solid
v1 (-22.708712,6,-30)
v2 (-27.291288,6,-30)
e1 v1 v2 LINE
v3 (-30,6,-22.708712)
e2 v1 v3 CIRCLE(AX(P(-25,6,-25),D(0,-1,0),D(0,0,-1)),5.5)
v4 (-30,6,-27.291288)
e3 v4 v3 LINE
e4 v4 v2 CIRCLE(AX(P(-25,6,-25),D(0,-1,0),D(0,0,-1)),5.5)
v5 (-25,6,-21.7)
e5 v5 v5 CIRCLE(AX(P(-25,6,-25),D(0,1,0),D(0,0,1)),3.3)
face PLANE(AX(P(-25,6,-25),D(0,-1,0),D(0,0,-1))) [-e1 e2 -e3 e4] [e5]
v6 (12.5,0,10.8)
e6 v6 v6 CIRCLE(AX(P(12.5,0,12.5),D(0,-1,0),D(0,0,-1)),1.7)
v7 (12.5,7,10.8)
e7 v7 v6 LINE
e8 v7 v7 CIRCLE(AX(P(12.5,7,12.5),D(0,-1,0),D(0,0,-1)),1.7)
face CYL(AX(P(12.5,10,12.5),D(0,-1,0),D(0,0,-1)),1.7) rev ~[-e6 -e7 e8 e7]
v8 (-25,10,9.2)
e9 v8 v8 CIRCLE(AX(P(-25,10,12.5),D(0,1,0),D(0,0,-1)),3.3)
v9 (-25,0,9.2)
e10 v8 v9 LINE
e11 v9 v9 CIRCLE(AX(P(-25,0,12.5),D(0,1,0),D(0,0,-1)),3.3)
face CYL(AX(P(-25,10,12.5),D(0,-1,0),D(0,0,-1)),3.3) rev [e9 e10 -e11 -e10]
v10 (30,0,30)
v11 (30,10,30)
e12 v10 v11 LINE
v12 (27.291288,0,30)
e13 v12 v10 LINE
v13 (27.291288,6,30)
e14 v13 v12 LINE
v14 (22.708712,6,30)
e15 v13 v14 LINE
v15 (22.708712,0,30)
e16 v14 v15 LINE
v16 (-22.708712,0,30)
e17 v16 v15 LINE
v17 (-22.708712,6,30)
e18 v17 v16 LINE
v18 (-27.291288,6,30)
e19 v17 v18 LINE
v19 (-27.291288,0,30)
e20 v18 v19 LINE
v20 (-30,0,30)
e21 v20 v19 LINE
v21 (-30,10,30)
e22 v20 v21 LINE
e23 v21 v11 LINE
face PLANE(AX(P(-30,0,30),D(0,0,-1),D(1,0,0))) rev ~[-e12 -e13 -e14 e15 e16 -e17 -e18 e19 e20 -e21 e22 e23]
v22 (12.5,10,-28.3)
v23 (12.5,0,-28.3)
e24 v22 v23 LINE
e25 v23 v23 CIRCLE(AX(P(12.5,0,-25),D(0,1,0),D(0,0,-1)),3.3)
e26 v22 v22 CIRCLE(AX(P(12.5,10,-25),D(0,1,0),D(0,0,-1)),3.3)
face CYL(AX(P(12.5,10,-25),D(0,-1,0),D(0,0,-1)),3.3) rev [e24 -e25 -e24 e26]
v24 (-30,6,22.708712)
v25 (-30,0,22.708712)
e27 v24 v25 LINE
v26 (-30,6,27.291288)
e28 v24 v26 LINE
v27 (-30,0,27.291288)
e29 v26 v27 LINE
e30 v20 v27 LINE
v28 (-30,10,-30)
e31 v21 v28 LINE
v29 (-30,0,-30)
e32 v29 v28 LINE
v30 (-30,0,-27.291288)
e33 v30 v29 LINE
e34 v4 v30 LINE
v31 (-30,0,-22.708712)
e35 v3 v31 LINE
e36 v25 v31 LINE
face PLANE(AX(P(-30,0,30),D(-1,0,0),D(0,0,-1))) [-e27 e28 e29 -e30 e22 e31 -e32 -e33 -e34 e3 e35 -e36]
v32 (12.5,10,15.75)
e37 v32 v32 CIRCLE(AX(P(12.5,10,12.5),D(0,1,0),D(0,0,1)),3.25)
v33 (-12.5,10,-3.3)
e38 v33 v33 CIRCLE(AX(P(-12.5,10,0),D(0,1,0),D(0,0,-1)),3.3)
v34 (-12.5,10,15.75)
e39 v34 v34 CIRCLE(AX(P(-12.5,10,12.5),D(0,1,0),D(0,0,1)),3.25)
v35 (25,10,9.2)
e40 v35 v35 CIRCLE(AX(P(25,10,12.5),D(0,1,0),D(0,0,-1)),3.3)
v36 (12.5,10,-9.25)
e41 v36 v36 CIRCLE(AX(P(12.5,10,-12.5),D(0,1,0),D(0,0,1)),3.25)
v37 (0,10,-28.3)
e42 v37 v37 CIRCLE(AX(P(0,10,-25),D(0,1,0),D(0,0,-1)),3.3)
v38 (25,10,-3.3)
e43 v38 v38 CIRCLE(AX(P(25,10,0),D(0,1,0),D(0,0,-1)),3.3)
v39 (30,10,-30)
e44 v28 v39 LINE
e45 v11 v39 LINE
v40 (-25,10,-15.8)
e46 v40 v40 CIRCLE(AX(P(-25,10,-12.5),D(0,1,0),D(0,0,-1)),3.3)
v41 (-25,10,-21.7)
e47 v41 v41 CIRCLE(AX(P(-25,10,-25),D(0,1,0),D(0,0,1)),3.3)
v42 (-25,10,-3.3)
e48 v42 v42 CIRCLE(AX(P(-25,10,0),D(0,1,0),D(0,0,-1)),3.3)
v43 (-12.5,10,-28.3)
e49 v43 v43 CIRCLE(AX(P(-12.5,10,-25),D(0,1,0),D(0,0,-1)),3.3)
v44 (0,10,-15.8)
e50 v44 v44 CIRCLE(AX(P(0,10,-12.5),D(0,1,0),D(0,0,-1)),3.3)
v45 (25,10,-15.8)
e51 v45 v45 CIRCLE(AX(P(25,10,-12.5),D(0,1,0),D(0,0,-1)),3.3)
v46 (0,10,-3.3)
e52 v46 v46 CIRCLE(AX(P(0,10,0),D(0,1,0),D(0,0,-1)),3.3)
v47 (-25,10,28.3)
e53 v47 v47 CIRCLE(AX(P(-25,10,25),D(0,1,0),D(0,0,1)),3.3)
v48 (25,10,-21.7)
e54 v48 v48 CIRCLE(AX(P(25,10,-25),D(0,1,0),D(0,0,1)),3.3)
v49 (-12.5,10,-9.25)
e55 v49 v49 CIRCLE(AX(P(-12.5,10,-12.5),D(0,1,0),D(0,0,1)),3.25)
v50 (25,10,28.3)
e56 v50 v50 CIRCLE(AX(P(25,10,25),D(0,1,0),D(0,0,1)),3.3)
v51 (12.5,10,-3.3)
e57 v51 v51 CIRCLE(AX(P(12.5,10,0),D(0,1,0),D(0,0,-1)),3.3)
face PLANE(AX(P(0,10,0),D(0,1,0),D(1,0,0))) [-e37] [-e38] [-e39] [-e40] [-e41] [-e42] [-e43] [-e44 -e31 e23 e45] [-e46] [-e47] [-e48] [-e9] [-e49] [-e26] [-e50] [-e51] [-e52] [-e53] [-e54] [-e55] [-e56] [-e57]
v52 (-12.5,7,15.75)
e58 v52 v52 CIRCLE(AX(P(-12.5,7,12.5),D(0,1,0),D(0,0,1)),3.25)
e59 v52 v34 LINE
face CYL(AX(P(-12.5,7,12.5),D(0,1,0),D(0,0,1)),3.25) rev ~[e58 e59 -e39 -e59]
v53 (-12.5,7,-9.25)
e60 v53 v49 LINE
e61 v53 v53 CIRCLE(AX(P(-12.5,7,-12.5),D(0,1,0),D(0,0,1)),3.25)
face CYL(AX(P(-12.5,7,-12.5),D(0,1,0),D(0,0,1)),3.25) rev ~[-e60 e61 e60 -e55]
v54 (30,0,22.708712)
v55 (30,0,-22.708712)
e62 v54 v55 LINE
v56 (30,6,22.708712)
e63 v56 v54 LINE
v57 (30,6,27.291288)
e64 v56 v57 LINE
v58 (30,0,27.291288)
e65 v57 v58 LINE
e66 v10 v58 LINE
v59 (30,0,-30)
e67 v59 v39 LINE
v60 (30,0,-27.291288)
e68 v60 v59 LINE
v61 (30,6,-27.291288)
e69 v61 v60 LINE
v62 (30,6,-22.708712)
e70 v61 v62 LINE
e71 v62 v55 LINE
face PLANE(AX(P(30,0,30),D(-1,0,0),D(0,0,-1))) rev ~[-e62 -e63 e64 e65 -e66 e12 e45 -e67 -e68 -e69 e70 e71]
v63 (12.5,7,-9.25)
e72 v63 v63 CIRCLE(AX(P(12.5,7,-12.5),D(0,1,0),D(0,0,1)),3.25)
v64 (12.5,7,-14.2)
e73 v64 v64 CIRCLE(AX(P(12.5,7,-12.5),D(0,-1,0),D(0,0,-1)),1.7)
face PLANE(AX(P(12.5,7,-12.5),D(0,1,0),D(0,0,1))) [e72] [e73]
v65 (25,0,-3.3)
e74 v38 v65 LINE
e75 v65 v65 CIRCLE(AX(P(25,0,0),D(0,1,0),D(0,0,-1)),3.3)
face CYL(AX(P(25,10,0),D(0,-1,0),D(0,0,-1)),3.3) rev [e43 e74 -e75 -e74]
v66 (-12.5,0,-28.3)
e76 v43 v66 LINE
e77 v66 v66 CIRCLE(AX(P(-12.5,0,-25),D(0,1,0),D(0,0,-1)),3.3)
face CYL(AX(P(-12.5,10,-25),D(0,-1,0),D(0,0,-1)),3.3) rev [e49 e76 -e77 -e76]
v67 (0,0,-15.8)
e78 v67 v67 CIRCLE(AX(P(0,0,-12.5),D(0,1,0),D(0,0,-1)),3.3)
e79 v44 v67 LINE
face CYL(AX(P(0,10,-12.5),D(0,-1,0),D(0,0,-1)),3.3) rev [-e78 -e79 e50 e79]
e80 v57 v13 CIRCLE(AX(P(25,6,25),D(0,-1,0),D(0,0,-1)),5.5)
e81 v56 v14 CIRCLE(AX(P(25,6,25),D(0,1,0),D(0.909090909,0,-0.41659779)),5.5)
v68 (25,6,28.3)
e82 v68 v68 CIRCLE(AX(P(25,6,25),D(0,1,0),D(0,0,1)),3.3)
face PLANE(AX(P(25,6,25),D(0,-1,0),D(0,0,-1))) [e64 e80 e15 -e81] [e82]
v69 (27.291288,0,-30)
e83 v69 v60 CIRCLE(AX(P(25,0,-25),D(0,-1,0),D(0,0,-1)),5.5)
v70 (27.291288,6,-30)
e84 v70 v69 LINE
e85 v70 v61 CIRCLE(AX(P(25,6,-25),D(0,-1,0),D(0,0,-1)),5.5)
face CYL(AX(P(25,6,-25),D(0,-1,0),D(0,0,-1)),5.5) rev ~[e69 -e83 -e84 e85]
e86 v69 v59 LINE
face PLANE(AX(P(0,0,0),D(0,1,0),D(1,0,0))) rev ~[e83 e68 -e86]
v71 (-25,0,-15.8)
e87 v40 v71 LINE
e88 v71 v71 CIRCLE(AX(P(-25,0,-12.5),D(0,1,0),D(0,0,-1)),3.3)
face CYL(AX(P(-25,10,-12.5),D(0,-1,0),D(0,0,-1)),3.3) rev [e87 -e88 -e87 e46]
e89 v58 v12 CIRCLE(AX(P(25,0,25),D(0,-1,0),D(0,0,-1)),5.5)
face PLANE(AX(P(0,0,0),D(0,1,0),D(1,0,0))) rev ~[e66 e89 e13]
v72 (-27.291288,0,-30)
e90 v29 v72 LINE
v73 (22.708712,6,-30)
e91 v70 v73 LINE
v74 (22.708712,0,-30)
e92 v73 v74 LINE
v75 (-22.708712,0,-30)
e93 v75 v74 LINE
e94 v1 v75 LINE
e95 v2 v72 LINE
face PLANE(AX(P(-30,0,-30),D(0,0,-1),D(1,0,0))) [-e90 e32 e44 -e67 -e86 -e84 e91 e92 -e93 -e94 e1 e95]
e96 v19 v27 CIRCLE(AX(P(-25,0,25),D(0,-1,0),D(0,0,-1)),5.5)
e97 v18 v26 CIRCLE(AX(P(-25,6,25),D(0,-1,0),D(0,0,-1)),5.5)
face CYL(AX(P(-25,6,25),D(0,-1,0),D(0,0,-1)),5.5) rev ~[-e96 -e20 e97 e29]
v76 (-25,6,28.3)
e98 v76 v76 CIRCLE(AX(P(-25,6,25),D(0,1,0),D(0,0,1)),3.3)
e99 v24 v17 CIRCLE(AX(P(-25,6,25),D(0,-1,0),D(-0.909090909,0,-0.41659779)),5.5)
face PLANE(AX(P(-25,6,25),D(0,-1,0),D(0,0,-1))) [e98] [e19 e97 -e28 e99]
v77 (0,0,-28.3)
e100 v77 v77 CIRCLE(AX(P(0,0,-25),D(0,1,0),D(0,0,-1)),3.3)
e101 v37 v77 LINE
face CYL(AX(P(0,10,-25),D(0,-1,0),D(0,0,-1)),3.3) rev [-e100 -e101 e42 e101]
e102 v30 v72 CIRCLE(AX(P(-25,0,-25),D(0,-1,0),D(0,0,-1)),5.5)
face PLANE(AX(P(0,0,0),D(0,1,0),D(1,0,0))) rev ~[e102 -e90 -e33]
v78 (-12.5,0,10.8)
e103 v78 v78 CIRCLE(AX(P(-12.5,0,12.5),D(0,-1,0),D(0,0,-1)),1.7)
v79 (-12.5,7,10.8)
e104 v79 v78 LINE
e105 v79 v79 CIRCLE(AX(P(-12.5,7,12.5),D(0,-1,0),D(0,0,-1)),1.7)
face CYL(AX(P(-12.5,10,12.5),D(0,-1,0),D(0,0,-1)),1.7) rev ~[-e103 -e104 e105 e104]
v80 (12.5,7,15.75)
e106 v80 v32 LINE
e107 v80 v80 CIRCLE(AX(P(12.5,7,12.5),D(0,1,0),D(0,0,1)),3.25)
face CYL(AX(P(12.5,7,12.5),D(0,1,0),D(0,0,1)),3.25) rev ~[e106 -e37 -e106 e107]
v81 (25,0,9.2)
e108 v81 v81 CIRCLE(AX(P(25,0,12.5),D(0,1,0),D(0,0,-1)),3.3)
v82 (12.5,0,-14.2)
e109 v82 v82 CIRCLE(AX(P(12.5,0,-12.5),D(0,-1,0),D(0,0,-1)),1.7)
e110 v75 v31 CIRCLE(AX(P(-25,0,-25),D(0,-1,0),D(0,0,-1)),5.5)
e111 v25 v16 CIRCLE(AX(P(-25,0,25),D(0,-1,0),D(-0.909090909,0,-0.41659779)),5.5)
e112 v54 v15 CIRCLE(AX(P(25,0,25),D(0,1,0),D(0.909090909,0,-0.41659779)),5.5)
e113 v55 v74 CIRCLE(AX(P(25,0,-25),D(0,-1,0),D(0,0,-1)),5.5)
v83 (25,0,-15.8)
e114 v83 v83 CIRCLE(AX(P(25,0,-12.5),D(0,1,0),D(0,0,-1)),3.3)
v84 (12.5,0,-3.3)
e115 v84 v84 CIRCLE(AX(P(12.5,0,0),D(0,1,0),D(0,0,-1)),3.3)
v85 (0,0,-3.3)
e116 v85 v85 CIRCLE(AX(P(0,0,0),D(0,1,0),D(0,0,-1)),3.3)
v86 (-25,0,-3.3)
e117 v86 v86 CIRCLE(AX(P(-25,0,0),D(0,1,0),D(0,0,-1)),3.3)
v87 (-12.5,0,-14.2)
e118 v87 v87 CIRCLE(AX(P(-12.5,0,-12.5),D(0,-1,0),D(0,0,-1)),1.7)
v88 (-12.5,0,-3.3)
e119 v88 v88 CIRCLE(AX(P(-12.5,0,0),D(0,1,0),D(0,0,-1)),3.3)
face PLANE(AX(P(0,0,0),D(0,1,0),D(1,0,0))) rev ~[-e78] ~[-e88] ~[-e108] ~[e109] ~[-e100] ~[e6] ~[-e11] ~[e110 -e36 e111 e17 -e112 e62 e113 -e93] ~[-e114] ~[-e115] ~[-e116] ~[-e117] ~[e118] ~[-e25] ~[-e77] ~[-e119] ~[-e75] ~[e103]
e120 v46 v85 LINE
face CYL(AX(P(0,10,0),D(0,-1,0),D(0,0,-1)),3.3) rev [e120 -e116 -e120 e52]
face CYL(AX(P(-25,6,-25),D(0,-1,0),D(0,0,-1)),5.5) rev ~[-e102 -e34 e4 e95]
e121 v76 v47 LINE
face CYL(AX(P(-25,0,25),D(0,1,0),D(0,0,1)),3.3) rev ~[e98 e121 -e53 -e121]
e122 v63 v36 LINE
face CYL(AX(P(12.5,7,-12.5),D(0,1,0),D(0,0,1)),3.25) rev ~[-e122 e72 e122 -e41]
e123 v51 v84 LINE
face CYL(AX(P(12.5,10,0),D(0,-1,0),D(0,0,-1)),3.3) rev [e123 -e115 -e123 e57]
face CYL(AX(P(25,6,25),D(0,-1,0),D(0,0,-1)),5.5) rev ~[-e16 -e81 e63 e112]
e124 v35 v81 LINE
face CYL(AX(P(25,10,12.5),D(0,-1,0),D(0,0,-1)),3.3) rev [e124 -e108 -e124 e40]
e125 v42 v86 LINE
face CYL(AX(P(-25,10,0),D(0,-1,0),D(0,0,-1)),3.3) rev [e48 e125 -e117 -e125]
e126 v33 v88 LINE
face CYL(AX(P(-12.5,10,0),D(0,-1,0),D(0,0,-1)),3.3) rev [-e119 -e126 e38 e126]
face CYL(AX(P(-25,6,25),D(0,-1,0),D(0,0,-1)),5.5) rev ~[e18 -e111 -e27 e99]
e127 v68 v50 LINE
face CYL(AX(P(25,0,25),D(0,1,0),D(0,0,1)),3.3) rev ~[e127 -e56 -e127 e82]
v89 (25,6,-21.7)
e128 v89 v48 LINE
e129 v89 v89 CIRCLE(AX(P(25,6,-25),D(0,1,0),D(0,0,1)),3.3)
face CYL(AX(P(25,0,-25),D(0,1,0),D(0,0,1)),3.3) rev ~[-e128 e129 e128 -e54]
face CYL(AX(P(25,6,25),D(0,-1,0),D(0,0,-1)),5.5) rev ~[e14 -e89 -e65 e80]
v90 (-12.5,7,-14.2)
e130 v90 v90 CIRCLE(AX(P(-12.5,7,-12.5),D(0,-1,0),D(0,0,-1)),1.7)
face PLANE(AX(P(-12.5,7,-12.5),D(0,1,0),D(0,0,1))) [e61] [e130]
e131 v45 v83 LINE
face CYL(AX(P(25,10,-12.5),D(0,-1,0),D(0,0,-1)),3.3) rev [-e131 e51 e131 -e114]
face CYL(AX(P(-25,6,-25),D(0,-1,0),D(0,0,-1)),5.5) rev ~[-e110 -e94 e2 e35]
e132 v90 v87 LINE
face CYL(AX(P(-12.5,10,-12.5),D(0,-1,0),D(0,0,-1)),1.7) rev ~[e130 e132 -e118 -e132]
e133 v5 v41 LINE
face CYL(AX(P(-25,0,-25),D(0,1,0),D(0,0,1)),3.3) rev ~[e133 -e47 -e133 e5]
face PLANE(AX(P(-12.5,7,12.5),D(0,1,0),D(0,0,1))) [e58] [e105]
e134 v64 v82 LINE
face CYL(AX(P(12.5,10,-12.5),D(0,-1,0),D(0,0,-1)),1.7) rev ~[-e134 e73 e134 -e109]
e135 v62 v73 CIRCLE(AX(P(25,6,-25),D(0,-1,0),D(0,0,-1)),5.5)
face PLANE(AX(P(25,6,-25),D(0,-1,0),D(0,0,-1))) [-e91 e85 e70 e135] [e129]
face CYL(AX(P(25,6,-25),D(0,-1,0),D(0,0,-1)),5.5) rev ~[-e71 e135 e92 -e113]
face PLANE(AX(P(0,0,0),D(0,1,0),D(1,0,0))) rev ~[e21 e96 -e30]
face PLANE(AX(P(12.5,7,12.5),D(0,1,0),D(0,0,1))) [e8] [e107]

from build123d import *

# Parameters (mm, degrees)
SKETCH1_W                      = 60
SKETCH1_H                      = 60
EXTRUDE1_DEPTH                 = 10
CBORE_FOR_M3_SHCS1_D           = 3.4
CBORE_FOR_M3_SHCS1_CBORE_D     = 6.5
CBORE_FOR_M3_SHCS1_CBORE_DEPTH = 3
LPATTERN2_COUNT                = 2
LPATTERN2_PITCH                = 25
LPATTERN2_COUNT_DIR2           = 2
LPATTERN2_PITCH_DIR2           = 25
CBORE_FOR_M6_SHCS1_D           = 6.6
CBORE_FOR_M6_SHCS1_CBORE_D     = 11
CBORE_FOR_M6_SHCS1_CBORE_DEPTH = 6
LPATTERN3_COUNT                = 2
LPATTERN3_PITCH                = 50
LPATTERN3_COUNT_DIR2           = 2
LPATTERN3_PITCH_DIR2           = 50
LPATTERN5_COUNT                = 2
LPATTERN5_PITCH                = 12.5
LPATTERN5_COL_COUNT            = 2
LPATTERN5_COL_PITCH            = 12.5
LPATTERN6_COUNT                = 2
LPATTERN6_PITCH                = 12.5
LPATTERN7_COUNT                = 2
LPATTERN7_PITCH                = 12.5
LPATTERN7_COL_COUNT            = 2
LPATTERN7_COL_PITCH            = 12.5
LPATTERN8_COUNT                = 3
LPATTERN8_PITCH                = 12.5
LPATTERN9_COUNT                = 2
LPATTERN9_PITCH                = 12.5
LPATTERN9_COL_COUNT            = 2
LPATTERN9_COL_PITCH            = 12.5
LPATTERN10_COUNT               = 2
LPATTERN10_PITCH               = 12.5


with BuildPart() as part:
    # Sketch1 → Extrude1 (new body)
    with BuildSketch(Plane(origin=(0, 0, 0), x_dir=(1, 0, 0), z_dir=(0, 1, 0))):
        Rectangle(SKETCH1_W, SKETCH1_H)
    extrude(amount=EXTRUDE1_DEPTH)

    # CBORE for M3 SHCS1 (through all)
    with Locations(Plane(origin=(-12.5, 10, -12.5), x_dir=(0, 0, 1), z_dir=(0, 1, 0))):
        with Locations((0, 0)):
            cbore_for_m3_shcs1 = CounterBoreHole(CBORE_FOR_M3_SHCS1_D / 2, CBORE_FOR_M3_SHCS1_CBORE_D / 2, CBORE_FOR_M3_SHCS1_CBORE_DEPTH)

    # LPattern2: CBORE for M3 SHCS1 2 × 2
    with Locations(*[(j * LPATTERN2_PITCH_DIR2, 0, i * LPATTERN2_PITCH) for i in range(LPATTERN2_COUNT) for j in range(LPATTERN2_COUNT_DIR2) if (i, j) != (0, 0)]):
        add(cbore_for_m3_shcs1, mode=Mode.SUBTRACT)

    # CBORE for M6 SHCS1 (through all)
    with Locations(Plane(origin=(25, 0, -25), x_dir=(0, 0, -1), z_dir=(0, -1, 0))):
        with Locations((0, 0)):
            cbore_for_m6_shcs1 = CounterBoreHole(CBORE_FOR_M6_SHCS1_D / 2, CBORE_FOR_M6_SHCS1_CBORE_D / 2, CBORE_FOR_M6_SHCS1_CBORE_DEPTH)

    # LPattern3: CBORE for M6 SHCS1 2 × 2
    with Locations(*[(-i * LPATTERN3_PITCH, 0, j * LPATTERN3_PITCH_DIR2) for i in range(LPATTERN3_COUNT) for j in range(LPATTERN3_COUNT_DIR2) if (i, j) != (0, 0)]):
        add(cbore_for_m6_shcs1, mode=Mode.SUBTRACT)

    # Sketch7 → M6 Clearance Hole1 (revolve, cut)
    with BuildSketch(Plane(origin=(0, 0, -25), x_dir=(0, 0, -1), z_dir=(1, 0, 0))):
        Polygon((0, 0), (0, 11.982840043), (3.3, 10), (3.3, 0), align=None)
    m6_clearance_hole1 = revolve(axis=Axis((0, -6.35, -25), (0, 1, 0)), mode=Mode.SUBTRACT)

    # LPattern5: M6 Clearance Hole1 ×2
    with Locations(*[(-i * LPATTERN5_PITCH, 0, 0) for i in range(1, LPATTERN5_COUNT)]):
        add(m6_clearance_hole1, mode=Mode.SUBTRACT)

    # LPattern5 col: M6 Clearance Hole1 ×2
    with Locations(*[(i * LPATTERN5_COL_PITCH, 0, 0) for i in range(1, LPATTERN5_COL_COUNT)]):
        add(m6_clearance_hole1, mode=Mode.SUBTRACT)

    # LPattern6: M6 Clearance Hole1 ×2
    with Locations(*[(0, 0, i * LPATTERN6_PITCH) for i in range(1, LPATTERN6_COUNT)]):
        add(m6_clearance_hole1, mode=Mode.SUBTRACT)

    # Sketch9 → M6 Clearance Hole2 (revolve, cut)
    with BuildSketch(Plane(origin=(25, 0, 0), x_dir=(0, 0, -1), z_dir=(1, 0, 0))):
        Polygon((0, 0), (0, 11.982840043), (3.3, 10), (3.3, 0), align=None)
    m6_clearance_hole2 = revolve(axis=Axis((25, -6.35, 0), (0, 1, 0)), mode=Mode.SUBTRACT)

    # LPattern7: M6 Clearance Hole2 ×2
    with Locations(*[(0, 0, i * LPATTERN7_PITCH) for i in range(1, LPATTERN7_COUNT)]):
        add(m6_clearance_hole2, mode=Mode.SUBTRACT)

    # LPattern7 col: M6 Clearance Hole2 ×2
    with Locations(*[(0, 0, -i * LPATTERN7_COL_PITCH) for i in range(1, LPATTERN7_COL_COUNT)]):
        add(m6_clearance_hole2, mode=Mode.SUBTRACT)

    # LPattern8: M6 Clearance Hole2 ×3
    with Locations(*[(-i * LPATTERN8_PITCH, 0, 0) for i in range(1, LPATTERN8_COUNT)]):
        add(m6_clearance_hole2, mode=Mode.SUBTRACT)

    # Sketch10 → M6 Clearance Hole3 (revolve, cut)
    with BuildSketch(Plane(origin=(-25, 0, 0), x_dir=(0, 0, -1), z_dir=(1, 0, 0))):
        Polygon((0, 0), (0, 11.982840043), (3.3, 10), (3.3, 0), align=None)
    m6_clearance_hole3 = revolve(axis=Axis((-25, -6.35, 0), (0, 1, 0)), mode=Mode.SUBTRACT)

    # LPattern9: M6 Clearance Hole3 ×2
    with Locations(*[(0, 0, i * LPATTERN9_PITCH) for i in range(1, LPATTERN9_COUNT)]):
        add(m6_clearance_hole3, mode=Mode.SUBTRACT)

    # LPattern9 col: M6 Clearance Hole3 ×2
    with Locations(*[(0, 0, -i * LPATTERN9_COL_PITCH) for i in range(1, LPATTERN9_COL_COUNT)]):
        add(m6_clearance_hole3, mode=Mode.SUBTRACT)

    # LPattern10: M6 Clearance Hole3 ×2
    with Locations(*[(i * LPATTERN10_PITCH, 0, 0) for i in range(1, LPATTERN10_COUNT)]):
        add(m6_clearance_hole3, mode=Mode.SUBTRACT)


solid = part.part
